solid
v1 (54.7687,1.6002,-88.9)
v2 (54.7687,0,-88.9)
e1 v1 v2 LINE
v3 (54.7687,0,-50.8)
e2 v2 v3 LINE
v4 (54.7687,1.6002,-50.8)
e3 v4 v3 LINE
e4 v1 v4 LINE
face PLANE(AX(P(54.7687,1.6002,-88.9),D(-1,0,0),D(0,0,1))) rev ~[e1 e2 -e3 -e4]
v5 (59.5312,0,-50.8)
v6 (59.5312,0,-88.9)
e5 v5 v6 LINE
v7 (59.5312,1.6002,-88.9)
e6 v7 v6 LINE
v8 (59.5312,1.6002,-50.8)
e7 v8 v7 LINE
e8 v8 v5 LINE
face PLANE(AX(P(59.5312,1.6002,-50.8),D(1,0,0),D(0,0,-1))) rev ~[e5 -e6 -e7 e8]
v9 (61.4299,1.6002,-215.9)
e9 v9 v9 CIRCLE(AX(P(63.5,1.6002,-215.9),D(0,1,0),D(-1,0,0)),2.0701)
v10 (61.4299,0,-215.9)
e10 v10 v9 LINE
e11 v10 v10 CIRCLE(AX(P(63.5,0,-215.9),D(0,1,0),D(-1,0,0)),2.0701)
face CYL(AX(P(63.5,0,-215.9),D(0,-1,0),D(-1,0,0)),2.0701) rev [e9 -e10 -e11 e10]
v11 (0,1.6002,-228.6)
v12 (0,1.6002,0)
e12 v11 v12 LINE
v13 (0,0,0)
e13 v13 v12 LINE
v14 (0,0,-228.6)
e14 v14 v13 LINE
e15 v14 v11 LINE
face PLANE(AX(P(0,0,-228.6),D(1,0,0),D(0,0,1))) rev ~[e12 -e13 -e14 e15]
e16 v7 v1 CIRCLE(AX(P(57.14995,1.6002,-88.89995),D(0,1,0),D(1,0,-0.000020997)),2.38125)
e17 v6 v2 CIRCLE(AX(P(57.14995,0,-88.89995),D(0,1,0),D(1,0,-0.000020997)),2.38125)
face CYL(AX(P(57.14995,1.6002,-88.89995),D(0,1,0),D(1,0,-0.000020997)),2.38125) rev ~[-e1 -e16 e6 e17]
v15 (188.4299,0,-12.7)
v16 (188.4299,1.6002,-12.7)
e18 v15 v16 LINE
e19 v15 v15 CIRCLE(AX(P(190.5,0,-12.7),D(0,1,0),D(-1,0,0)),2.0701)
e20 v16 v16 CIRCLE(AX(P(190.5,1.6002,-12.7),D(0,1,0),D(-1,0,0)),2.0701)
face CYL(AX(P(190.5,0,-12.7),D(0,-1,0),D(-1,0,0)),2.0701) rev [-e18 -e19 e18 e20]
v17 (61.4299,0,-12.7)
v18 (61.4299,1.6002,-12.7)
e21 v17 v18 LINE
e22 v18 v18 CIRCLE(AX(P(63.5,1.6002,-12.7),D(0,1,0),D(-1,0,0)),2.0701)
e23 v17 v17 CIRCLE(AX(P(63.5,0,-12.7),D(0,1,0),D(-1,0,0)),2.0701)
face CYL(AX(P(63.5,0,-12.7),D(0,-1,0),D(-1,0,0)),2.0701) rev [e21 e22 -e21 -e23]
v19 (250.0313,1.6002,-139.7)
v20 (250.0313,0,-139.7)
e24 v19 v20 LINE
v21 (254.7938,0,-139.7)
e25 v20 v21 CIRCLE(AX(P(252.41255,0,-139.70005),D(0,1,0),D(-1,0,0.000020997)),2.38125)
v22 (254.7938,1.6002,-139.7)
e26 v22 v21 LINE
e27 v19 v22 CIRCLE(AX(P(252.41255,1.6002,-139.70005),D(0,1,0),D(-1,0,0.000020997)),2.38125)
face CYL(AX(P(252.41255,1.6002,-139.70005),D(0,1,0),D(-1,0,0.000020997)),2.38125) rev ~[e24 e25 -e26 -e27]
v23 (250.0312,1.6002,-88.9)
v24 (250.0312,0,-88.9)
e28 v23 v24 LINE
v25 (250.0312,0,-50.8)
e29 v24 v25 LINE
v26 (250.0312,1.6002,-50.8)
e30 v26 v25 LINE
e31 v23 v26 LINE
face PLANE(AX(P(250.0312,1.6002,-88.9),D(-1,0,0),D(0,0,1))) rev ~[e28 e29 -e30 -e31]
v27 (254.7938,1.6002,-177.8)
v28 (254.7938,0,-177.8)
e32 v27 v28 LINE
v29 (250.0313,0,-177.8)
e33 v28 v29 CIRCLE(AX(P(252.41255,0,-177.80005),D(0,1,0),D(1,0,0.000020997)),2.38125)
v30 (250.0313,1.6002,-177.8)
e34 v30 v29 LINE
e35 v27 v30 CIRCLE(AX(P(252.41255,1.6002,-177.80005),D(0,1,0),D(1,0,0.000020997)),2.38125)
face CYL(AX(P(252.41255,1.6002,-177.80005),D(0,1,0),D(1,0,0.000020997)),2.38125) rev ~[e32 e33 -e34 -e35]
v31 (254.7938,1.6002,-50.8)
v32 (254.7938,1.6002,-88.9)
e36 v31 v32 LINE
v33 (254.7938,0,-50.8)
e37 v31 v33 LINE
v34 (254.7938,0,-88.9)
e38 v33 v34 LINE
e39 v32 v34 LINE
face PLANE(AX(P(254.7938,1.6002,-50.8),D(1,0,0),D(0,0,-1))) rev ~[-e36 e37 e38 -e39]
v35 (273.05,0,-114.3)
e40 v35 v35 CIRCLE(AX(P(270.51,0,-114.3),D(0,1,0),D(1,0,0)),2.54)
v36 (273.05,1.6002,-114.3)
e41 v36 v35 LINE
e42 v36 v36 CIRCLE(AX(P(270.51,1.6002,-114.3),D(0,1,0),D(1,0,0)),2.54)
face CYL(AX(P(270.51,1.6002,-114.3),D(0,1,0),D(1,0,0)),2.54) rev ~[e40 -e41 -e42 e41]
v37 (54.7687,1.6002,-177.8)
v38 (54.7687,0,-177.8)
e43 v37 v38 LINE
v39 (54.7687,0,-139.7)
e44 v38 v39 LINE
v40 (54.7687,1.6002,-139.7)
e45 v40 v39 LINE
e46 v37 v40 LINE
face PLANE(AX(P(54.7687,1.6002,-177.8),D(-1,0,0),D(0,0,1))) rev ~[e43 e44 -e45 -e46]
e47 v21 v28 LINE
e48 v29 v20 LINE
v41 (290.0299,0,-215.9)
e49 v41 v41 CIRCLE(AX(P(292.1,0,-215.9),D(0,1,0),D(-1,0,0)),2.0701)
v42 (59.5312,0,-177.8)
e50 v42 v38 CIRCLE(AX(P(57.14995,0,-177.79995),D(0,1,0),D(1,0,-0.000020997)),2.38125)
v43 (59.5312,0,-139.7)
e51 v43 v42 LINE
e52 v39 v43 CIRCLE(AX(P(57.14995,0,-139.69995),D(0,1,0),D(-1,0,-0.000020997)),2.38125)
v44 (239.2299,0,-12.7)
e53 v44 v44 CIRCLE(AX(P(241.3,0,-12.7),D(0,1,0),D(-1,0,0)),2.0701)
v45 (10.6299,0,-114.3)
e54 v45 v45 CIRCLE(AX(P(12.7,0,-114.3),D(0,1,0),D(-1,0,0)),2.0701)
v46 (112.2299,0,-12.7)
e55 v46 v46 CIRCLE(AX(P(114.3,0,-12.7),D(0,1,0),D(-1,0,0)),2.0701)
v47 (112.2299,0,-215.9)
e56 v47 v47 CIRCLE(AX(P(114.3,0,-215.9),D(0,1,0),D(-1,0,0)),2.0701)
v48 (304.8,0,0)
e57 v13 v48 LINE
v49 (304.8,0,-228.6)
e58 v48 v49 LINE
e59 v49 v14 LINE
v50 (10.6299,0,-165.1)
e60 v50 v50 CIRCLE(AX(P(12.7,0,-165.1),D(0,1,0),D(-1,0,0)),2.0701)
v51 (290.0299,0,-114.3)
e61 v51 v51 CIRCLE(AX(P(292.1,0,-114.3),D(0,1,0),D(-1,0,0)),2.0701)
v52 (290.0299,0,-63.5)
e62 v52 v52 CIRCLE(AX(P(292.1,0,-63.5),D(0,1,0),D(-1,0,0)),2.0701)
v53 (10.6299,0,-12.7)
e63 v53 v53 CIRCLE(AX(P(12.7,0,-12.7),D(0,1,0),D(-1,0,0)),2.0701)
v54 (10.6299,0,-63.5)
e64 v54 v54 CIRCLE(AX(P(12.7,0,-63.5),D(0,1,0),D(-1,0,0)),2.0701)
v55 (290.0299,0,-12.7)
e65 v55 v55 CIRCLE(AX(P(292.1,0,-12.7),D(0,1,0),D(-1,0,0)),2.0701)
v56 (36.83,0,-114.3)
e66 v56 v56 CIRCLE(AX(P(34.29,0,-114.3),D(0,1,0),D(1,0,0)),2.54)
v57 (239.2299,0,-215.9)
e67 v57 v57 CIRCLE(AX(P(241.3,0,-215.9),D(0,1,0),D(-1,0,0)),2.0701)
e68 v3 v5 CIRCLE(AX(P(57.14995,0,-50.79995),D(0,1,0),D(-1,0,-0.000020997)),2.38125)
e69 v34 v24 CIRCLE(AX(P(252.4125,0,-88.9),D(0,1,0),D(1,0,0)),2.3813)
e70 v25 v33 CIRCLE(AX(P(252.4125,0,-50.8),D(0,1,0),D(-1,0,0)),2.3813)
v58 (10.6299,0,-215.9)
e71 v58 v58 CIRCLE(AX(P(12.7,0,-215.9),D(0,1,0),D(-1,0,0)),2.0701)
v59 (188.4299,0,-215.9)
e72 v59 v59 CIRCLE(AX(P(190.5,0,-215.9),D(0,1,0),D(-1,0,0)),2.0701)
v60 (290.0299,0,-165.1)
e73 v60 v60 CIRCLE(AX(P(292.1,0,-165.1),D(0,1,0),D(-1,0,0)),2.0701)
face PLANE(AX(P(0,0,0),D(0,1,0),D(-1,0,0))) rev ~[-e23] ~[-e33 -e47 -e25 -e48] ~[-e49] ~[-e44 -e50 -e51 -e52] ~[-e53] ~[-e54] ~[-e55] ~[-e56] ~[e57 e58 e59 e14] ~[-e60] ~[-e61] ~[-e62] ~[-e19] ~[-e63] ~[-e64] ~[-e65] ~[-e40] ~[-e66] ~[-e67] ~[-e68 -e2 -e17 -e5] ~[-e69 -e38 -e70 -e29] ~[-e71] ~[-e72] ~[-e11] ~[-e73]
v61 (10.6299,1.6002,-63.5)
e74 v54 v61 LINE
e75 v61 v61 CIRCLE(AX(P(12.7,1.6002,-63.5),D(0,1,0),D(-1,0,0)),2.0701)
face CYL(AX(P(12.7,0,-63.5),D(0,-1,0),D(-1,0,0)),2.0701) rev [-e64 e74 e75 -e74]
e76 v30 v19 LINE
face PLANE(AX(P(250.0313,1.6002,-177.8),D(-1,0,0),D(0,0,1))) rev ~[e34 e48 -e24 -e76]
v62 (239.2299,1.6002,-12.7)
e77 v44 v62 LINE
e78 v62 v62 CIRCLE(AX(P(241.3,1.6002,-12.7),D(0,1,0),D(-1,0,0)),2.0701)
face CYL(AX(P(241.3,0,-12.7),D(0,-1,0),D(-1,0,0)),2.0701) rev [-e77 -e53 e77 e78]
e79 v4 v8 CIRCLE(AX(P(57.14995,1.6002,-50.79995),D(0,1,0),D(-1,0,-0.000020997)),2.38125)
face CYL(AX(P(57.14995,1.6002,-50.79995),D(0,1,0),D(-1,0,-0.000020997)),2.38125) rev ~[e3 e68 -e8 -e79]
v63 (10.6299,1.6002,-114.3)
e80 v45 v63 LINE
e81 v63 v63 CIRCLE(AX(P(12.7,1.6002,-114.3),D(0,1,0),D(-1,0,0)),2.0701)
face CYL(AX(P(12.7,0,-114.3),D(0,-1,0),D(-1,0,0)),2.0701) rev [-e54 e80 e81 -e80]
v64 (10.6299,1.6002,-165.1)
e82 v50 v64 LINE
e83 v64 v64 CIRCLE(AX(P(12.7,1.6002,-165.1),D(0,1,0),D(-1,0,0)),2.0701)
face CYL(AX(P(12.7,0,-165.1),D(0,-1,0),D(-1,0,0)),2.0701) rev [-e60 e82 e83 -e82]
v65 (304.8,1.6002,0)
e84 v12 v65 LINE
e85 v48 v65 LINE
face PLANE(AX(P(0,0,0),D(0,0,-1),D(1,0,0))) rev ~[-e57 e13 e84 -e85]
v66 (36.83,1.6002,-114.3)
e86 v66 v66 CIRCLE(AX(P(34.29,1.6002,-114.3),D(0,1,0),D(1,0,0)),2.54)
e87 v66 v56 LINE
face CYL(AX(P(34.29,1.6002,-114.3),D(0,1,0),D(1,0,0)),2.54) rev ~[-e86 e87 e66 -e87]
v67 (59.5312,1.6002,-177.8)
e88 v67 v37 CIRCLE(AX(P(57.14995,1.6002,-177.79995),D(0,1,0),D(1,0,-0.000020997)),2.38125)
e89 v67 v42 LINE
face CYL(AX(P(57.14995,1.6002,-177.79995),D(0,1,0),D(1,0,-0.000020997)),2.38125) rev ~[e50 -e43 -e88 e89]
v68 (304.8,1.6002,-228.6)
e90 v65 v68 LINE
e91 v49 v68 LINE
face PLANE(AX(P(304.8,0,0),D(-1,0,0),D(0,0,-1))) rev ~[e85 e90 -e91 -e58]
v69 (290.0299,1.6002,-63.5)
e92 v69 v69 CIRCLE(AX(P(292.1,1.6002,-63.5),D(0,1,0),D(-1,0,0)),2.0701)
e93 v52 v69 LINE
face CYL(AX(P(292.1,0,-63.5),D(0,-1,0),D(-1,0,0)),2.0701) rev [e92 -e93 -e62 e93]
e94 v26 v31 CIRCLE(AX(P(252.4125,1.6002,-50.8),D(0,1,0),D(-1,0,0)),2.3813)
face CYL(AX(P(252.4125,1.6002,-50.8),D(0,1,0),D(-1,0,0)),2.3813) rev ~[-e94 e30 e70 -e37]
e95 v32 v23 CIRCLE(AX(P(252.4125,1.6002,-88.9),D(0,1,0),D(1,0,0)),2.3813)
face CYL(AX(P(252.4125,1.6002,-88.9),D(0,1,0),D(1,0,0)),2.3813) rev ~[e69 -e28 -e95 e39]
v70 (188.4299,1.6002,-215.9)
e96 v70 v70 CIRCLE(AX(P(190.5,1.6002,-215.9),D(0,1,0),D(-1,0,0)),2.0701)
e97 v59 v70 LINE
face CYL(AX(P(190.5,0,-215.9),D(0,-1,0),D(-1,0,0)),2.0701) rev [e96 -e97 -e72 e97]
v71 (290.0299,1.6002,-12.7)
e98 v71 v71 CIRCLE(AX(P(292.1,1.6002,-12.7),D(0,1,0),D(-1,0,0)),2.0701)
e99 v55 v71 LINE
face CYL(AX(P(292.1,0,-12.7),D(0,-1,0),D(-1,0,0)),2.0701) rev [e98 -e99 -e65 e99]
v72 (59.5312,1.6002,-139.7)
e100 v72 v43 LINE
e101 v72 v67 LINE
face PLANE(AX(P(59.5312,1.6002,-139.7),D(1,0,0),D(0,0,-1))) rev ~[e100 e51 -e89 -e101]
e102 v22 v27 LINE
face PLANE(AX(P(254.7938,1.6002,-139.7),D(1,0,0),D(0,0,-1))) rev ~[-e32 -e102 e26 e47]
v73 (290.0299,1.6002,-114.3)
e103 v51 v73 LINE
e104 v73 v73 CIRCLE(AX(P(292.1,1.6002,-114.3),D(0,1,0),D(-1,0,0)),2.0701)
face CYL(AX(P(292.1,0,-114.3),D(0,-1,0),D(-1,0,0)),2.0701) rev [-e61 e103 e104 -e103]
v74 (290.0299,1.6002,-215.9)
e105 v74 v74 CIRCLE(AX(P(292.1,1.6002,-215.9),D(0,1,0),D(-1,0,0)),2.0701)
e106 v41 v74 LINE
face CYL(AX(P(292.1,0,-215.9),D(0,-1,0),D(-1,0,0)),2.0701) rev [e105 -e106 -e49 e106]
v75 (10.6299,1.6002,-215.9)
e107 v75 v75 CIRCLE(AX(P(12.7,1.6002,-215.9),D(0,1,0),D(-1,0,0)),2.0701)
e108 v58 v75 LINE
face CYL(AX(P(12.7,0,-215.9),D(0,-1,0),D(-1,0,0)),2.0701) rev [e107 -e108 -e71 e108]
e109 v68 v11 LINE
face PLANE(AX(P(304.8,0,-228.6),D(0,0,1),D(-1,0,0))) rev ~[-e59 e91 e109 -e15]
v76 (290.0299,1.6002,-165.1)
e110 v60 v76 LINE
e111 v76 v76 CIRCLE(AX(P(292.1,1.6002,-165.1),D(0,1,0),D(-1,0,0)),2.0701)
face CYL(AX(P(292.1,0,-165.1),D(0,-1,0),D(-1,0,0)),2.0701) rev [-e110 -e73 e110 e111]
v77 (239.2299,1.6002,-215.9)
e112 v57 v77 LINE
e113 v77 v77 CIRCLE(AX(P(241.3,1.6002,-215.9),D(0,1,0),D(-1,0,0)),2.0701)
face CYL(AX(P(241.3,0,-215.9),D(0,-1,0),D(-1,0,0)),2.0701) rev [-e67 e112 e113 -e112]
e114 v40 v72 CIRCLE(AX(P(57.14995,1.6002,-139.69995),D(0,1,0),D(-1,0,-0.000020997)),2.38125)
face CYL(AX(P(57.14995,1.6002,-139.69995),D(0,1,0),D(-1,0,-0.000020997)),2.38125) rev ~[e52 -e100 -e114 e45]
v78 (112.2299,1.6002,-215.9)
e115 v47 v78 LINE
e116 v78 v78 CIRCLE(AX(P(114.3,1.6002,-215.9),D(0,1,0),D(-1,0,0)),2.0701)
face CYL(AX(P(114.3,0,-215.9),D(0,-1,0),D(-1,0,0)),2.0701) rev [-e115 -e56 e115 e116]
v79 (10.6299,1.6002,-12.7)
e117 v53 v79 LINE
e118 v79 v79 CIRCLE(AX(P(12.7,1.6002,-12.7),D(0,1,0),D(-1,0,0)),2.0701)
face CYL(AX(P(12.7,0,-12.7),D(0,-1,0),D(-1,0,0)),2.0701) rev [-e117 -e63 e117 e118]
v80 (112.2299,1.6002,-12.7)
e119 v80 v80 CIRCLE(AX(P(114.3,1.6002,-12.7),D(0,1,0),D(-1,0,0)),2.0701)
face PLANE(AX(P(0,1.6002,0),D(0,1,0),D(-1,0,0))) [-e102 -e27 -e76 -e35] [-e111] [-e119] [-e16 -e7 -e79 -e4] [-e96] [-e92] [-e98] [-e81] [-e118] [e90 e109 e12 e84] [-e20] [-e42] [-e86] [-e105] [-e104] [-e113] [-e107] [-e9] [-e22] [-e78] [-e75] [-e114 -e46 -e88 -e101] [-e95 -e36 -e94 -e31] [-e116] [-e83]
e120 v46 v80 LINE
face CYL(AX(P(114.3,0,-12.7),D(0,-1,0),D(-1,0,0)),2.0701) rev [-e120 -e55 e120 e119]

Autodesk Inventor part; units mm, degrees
ref_plane "YZ Plane" through (0, 0, 0) normal (1, 0, 0) x (0, 1, 0)
ref_plane "XZ Plane" through (0, 0, 0) normal (0, 1, 0) x (-1, 0, 0)
ref_plane "XY Plane" through (0, 0, 0) normal (0, 0, 1) x (1, 0, 0)
sketch "Sketch1" plane through (0, 0, 0) normal (0, 1, 0) x (-1, 0, 0)
  line L0 (0, 0) -> (-304.8, 0)
  line L1 (-304.8, 0) -> (-304.8, -228.6)
  line L2 (-304.8, -228.6) -> (0, -228.6)
  line L3 (0, -228.6) -> (0, 0)
  line L4 (-12.7, -12.7) -> (-292.1, -12.7) construction
  line L5 (-292.1, -12.7) -> (-292.1, -215.9) construction
  line L6 (-292.1, -215.9) -> (-12.7, -215.9) construction
  line L7 (-12.7, -215.9) -> (-12.7, -12.7) construction
  circle A0 centre (-12.7, -12.7) radius 2.0701
  circle A1 centre (-12.7, -215.9) radius 2.0701
  circle A2 centre (-292.1, -12.7) radius 2.0701
  circle A3 centre (-292.1, -215.9) radius 2.0701
  circle A4 centre (-114.3, -12.7) radius 2.0701
  circle A5 centre (-63.5, -12.7) radius 2.0701
  circle A6 centre (-241.3, -12.7) radius 2.0701
  circle A7 centre (-12.7, -63.5) radius 2.0701
  circle A8 centre (-12.7, -114.3) radius 2.0701
  circle A9 centre (-12.7, -165.1) radius 2.0701
  circle A10 centre (-190.5, -215.9) radius 2.0701
  circle A11 centre (-63.5, -215.9) radius 2.0701
  circle A12 centre (-114.3, -215.9) radius 2.0701
  circle A13 centre (-292.1, -63.5) radius 2.0701
  circle A14 centre (-292.1, -114.3) radius 2.0701
  circle A15 centre (-292.1, -165.1) radius 2.0701
  circle A16 centre (-190.5, -12.7) radius 2.0701
  circle A17 centre (-241.3, -215.9) radius 2.0701
  point P0 (-12.7, -114.3)
  dimension "d0" = 304.8
  dimension "d1" = 228.6
  dimension "d2" = 12.7
  dimension "d3" = 12.7
  dimension "d4" = 12.7
  dimension "d5" = 12.7
  dimension "d6" = 4.1402
  dimension "d8" = 50.8
  dimension "d9" = 50.8
  dimension "d10" = 50.8
  dimension "d11" = 50.8
  dimension "d12" = 50.8
  dimension "d13" = 101.6
  dimension "d14" = 101.6
extrude "Extrusion1" add sketch "Sketch1" along normal blind 1.6002
sketch "Sketch2" plane through (0, 1.6002, 0) normal (0, 1, 0) x (1, 0, 0)
  line L0 (57.15, 88.9) -> (57.15, 50.8) construction
  line L1 (54.7687, 88.9) -> (54.7687, 50.8)
  line L2 (59.5312, 50.8) -> (59.5312, 88.9)
  arc A0 (59.5312, 88.9) -> (54.7687, 88.9) centre (57.15, 88.9) ccw
  arc A1 (54.7687, 50.8) -> (59.5312, 50.8) centre (57.15, 50.8) ccw
  line L3 (0, 228.6) -> (0, 0) projected
  line L4 (304.8, 228.6) -> (0, 228.6) projected
  line L5 (57.15, 177.8) -> (57.15, 139.7) construction
  line L6 (54.7687, 177.8) -> (54.7687, 139.7)
  line L7 (59.5312, 139.7) -> (59.5312, 177.8)
  arc A2 (59.5312, 177.8) -> (54.7687, 177.8) centre (57.15, 177.8) ccw
  arc A3 (54.7687, 139.7) -> (59.5312, 139.7) centre (57.15, 139.7) ccw
  line L8 (252.4125, 177.8) -> (252.4125, 139.7) construction
  line L9 (250.0313, 177.8) -> (250.0313, 139.7)
  line L10 (254.7938, 139.7) -> (254.7938, 177.8)
  arc A4 (254.7938, 177.8) -> (250.0313, 177.8) centre (252.4125, 177.8) ccw
  arc A5 (250.0313, 139.7) -> (254.7938, 139.7) centre (252.4125, 139.7) ccw
  line L11 (252.4125, 88.9) -> (252.4125, 50.8) construction
  line L12 (250.0312, 88.9) -> (250.0312, 50.8)
  line L13 (254.7938, 50.8) -> (254.7938, 88.9)
  arc A6 (254.7938, 88.9) -> (250.0312, 88.9) centre (252.4125, 88.9) ccw
  arc A7 (250.0312, 50.8) -> (254.7938, 50.8) centre (252.4125, 50.8) ccw
  circle A8 centre (34.29, 114.3) radius 2.54
  circle A9 centre (270.51, 114.3) radius 2.54
  line L14 (304.8, 0) -> (304.8, 228.6) projected
  point P0 (57.15, 69.85)
  point P1 (0, 114.3)
  point P2 (152.4, 228.6)
  point P3 (0, 114.3)
  point P4 (57.15, 158.75)
  point P5 (252.4125, 158.75)
  point P6 (252.4125, 69.85)
  point P7 (250.0313, 158.75)
  point P8 (304.8, 114.3)
  dimension "d17" = 4.7625
  dimension "d18" = 38.1
  dimension "d19" = 25.4
  dimension "d20" = 50.8
  dimension "d21" = 190.5
  dimension "d22" = 95.25
  dimension "d25" = 5.08
  dimension "d26" = 34.29
  dimension "d27" = 34.29
extrude "Extrusion2" cut sketch "Sketch2" against normal blind 25.4
equation "\"d3\" = d2"
equation "\"d4\" = d2"
equation "\"d5\" = d2"
equation "\"d8\" = d9"
equation "\"d14\" = d13"
equation "\"d21\" = 2 * d22"
equation "\"d27\" = d26"
properties part number "BatteryPlate" material "Stainless Steel"
